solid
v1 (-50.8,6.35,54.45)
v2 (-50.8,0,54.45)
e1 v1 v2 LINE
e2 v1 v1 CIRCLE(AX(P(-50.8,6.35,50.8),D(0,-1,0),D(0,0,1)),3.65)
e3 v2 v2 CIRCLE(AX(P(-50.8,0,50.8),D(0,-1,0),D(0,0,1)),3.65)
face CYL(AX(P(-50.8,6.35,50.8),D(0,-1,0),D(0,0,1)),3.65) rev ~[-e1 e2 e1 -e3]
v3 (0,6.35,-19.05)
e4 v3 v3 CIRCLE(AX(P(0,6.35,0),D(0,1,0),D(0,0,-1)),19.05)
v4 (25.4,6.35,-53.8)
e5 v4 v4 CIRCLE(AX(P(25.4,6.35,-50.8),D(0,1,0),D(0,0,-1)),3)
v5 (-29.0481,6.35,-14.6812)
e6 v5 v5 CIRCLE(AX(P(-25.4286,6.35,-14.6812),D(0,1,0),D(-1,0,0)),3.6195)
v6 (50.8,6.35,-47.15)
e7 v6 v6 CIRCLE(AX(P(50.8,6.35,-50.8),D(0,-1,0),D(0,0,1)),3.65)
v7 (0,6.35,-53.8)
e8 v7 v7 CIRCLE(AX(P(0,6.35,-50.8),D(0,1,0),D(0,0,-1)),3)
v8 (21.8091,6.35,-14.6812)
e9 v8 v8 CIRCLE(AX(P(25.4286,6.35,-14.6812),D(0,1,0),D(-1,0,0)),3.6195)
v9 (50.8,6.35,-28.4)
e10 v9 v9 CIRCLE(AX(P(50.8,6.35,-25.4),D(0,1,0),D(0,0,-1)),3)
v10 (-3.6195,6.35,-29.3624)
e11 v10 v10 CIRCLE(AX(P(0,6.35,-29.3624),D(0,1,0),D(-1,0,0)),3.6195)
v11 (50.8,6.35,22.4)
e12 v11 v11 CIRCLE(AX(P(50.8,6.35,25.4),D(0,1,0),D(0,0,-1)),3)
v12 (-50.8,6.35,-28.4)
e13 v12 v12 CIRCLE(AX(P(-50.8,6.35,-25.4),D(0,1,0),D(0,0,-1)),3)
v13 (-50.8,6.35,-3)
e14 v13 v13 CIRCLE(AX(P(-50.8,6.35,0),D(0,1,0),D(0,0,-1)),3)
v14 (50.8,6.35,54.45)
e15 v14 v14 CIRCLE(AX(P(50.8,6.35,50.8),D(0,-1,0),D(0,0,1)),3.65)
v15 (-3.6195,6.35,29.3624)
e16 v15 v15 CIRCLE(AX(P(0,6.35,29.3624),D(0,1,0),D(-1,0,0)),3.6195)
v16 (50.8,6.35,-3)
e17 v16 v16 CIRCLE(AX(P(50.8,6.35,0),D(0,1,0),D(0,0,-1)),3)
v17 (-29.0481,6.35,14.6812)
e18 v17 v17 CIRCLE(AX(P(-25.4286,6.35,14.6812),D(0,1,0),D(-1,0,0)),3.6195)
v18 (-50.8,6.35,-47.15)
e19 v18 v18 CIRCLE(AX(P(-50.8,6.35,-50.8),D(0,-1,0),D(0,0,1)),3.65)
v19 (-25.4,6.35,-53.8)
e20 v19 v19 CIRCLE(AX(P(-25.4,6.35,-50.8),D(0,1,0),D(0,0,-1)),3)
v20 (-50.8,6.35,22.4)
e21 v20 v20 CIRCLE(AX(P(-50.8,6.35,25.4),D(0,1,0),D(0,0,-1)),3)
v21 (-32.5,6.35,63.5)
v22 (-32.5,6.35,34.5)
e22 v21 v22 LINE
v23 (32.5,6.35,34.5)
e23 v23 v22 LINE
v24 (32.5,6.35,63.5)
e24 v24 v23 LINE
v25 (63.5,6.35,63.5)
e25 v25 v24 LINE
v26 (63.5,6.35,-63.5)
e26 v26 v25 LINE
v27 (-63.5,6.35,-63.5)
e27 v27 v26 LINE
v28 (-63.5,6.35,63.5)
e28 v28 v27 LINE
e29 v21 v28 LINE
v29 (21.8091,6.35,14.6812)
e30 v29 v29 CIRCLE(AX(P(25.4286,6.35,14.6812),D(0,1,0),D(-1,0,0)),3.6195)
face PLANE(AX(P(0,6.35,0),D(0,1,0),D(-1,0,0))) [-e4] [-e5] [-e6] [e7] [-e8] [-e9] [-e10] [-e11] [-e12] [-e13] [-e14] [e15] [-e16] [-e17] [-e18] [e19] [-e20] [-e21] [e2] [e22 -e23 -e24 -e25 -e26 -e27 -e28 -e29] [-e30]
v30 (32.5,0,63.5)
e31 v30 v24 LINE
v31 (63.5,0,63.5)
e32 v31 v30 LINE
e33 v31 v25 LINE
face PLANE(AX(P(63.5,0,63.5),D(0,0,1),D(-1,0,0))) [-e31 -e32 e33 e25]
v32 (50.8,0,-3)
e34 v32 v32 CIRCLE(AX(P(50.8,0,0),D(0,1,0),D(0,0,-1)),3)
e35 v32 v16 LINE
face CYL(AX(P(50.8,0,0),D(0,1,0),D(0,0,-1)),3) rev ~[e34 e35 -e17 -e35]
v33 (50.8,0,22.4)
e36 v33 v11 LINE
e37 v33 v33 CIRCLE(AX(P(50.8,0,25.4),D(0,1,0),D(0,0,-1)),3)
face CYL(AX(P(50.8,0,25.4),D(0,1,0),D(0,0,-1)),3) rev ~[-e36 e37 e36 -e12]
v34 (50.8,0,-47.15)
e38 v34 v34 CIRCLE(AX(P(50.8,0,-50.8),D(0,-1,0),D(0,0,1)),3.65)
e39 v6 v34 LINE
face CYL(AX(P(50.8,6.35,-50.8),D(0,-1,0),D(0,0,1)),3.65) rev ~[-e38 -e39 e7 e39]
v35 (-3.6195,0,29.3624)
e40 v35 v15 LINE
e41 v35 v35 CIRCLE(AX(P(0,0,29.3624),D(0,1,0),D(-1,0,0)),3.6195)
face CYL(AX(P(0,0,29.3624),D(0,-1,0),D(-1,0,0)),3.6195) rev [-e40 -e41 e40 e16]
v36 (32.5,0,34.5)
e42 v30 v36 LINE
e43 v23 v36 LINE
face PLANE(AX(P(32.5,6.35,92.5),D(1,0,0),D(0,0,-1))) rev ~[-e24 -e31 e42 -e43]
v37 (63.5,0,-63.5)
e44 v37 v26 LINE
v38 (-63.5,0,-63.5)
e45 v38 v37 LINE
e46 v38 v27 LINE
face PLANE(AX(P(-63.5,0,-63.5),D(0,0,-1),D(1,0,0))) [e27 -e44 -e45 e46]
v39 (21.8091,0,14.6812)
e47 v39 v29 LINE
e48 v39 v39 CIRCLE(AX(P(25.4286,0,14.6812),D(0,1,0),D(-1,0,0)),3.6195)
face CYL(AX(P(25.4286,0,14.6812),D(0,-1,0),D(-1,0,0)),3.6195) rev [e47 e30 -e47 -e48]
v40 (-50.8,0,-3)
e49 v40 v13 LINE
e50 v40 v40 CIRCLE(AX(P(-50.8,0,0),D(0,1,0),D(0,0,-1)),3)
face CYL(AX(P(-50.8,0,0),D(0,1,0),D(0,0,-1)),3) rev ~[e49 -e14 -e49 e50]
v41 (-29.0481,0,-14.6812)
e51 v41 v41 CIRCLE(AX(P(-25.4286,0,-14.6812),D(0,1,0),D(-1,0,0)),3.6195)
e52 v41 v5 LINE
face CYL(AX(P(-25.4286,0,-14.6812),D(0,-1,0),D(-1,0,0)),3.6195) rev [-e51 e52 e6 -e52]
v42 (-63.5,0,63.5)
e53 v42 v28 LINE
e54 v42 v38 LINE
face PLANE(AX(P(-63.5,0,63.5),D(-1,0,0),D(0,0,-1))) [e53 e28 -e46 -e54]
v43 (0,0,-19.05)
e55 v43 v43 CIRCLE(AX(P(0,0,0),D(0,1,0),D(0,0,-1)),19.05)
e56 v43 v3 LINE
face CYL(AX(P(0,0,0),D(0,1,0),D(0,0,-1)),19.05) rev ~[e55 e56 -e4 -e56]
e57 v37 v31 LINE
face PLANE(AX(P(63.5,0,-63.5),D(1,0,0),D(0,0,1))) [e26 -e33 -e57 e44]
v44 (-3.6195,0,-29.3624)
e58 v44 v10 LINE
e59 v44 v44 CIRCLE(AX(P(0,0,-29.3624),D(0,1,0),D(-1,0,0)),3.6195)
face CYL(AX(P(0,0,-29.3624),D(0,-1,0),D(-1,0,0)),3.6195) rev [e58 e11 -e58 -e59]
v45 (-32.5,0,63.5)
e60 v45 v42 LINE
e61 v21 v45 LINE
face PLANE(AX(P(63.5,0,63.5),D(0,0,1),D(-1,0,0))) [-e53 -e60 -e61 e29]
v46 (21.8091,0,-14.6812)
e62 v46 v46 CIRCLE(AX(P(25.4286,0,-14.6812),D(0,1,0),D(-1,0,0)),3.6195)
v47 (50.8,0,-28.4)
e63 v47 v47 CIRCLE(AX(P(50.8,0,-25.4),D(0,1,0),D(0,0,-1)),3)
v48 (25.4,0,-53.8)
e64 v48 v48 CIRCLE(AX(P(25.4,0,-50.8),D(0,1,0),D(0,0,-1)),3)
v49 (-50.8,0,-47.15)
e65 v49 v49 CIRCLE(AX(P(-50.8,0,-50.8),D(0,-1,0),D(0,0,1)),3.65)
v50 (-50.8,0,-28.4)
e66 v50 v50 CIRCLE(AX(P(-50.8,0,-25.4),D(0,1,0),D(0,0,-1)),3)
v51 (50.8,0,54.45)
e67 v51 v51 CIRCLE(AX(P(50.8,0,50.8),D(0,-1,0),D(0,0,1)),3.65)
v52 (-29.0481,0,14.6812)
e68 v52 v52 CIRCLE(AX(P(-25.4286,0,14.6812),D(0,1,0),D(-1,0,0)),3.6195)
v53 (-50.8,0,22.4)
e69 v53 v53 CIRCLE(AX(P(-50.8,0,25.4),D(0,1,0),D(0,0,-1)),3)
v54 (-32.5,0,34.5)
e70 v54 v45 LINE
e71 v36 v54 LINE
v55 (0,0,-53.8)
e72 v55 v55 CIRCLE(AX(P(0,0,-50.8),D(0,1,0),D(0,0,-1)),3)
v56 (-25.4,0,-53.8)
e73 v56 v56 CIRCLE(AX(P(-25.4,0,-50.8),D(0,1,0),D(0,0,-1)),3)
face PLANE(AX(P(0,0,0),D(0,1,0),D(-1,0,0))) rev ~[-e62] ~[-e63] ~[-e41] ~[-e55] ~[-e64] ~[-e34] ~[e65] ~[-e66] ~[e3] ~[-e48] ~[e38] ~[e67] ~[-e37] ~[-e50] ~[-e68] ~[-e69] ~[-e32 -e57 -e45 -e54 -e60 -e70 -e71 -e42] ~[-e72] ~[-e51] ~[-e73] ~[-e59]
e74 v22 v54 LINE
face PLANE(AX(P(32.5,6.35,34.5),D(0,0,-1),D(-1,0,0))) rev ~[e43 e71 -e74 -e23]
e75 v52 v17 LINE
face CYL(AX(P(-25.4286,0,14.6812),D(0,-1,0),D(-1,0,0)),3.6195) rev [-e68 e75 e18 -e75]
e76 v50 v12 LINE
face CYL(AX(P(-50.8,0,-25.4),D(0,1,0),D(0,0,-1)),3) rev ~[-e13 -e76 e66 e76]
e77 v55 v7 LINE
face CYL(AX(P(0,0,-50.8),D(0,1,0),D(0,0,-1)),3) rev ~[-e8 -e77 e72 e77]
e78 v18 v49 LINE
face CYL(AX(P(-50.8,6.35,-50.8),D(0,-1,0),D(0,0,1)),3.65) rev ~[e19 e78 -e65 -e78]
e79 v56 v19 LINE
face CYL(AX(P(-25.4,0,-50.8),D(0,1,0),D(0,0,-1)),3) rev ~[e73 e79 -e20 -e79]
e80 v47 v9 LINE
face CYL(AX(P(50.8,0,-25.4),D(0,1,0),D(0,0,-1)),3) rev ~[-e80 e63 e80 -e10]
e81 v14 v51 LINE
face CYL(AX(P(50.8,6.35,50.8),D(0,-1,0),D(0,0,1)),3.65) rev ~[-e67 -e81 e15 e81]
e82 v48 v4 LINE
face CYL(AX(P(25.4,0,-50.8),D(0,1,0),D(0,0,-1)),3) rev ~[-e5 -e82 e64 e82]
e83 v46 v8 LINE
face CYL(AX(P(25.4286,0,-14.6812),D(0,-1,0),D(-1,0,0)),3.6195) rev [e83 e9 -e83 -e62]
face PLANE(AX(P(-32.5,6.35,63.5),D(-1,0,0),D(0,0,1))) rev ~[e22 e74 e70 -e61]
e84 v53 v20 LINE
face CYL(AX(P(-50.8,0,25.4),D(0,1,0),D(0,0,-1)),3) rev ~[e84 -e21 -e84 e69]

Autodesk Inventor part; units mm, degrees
ref_plane "YZ Plane" through (0, 0, 0) normal (1, 0, 0) x (0, 1, 0)
ref_plane "XZ Plane" through (0, 0, 0) normal (0, 1, 0) x (-1, 0, 0)
ref_plane "XY Plane" through (0, 0, 0) normal (0, 0, 1) x (1, 0, 0)
sketch "Sketch3" plane through (0, 0, 0) normal (0, 1, 0) x (-1, 0, 0)
  circle A0 centre (0, 29.3624) radius 3.6195
  circle A1 centre (0, 29.3624) radius 3.6195
  circle A2 centre (25.4286, 14.6812) radius 3.6195
  circle A3 centre (-25.4286, 14.6812) radius 3.6195
  circle A4 centre (-25.4286, -14.6812) radius 3.6195
  circle A5 centre (0, -29.3624) radius 3.6195
  circle A6 centre (25.4286, -14.6812) radius 3.6195
  circle A7 centre (-25.4286, 14.6812) radius 3.6195
  circle A8 centre (-25.4286, -14.6812) radius 3.6195
  circle A9 centre (0, -29.3624) radius 3.6195
  circle A10 centre (25.4286, -14.6812) radius 3.6195
  circle A11 centre (25.4286, 14.6812) radius 3.6195
  line L0 (-63.5, 63.5) -> (63.5, 63.5)
  line L1 (63.5, 63.5) -> (63.5, -63.5)
  line L2 (63.5, -63.5) -> (-63.5, -63.5)
  line L3 (-63.5, -63.5) -> (-63.5, 63.5)
  line L4 (-63.5, 63.5) -> (63.5, -63.5) construction
  line L5 (63.5, 63.5) -> (-63.5, -63.5) construction
  point P0 (0, 0)
  dimension "d104" = 127
  dimension "d105" = 127
extrude "Extrusion1" add sketch "Sketch3" along normal blind 6.35
sketch "Sketch4" plane through (0, 0, 0) normal (0, -1, 0) x (1, 0, 0)
  circle A0 centre (-50.8, -50.8) radius 3
  line L0 (-63.5, -63.5) -> (-63.5, 63.5) projected
  line L1 (63.5, -63.5) -> (-63.5, -63.5) projected
  circle A1 centre (50.8, -50.8) radius 3
  line L2 (63.5, 63.5) -> (63.5, -63.5) projected
  circle A2 centre (50.8, 50.8) radius 3
  line L3 (-63.5, 63.5) -> (63.5, 63.5) projected
  circle A3 centre (-50.8, 50.8) radius 3
  point P0 (0, 0)
  dimension "d106" = 6
  dimension "d107" = 12.7
  dimension "d108" = 12.7
  dimension "d109" = 6
  dimension "d110" = 12.7
  dimension "d111" = 12.7
  dimension "d112" = 6
  dimension "d113" = 12.7
  dimension "d114" = 12.7
  dimension "d115" = 6
  dimension "d116" = 12.7
  dimension "d117" = 12.7
hole "Hole6" at (-50.8, 0, 50.8) direction (0, 1, 0) diameter 6 end through all
hole "Hole7" at (50.8, 0, 50.8) direction (0, 1, 0) diameter 6 end through all
hole "Hole8" at (50.8, 0, -50.8) direction (0, 1, 0) diameter 6 end through all
hole "Hole9" at (-50.8, 0, -50.8) direction (0, 1, 0) diameter 6 end through all
hole "Hole10" at (0, 0, 0) direction (0, 1, 0) diameter 38.1 end through all
pattern_linear "Rectangular Pattern5" count 4 spacing 25.4 along (0, 0, -1) of "Hole6"
pattern_linear "Rectangular Pattern6" count 4 spacing 25.4 along (1, 0, 0) of "Hole6"
pattern_linear "Rectangular Pattern7" count 4 spacing 25.4 along (0, 0, -1) of "Hole7"
pattern_linear "Rectangular Pattern8" count 4 spacing 25.4 along (-1, 0, 0) of "Hole8"
thread "Thread21" size "1/4-20 UNC" class "2B" standard "ANSI Unified Screw Threads" full length
thread "Thread22" size "1/4-20 UNC" class "2B" standard "ANSI Unified Screw Threads" full length
thread "Thread23" size "1/4-20 UNC" class "2B" standard "ANSI Unified Screw Threads" full length
thread "Thread24" size "1/4-20 UNC" class "2B" standard "ANSI Unified Screw Threads" full length
thread "Thread25" size "1/4-20 UNC" class "2B" standard "ANSI Unified Screw Threads" full length
thread "Thread26" size "1/4-20 UNC" class "2B" standard "ANSI Unified Screw Threads" full length
thread "Thread27" size "1/4-20 UNC" class "2B" standard "ANSI Unified Screw Threads" full length
thread "Thread28" size "1/4-20 UNC" class "2B" standard "ANSI Unified Screw Threads" full length
thread "Thread29" size "1/4-20 UNC" class "2B" standard "ANSI Unified Screw Threads" full length
thread "Thread30" size "1/4-20 UNC" class "2B" standard "ANSI Unified Screw Threads" full length
thread "Thread31" size "1/4-20 UNC" class "2B" standard "ANSI Unified Screw Threads" full length
thread "Thread32" size "1/4-20 UNC" class "2B" standard "ANSI Unified Screw Threads" full length
sketch "Sketch6" plane through (0, 6.35, 0) normal (0, 1, 0) x (1, 0, 0)
  line L0 (-32.5, -92.5) -> (32.5, -92.5)
  line L1 (32.5, -92.5) -> (32.5, -34.5)
  line L2 (32.5, -34.5) -> (-32.5, -34.5)
  line L3 (-32.5, -34.5) -> (-32.5, -92.5)
  line L4 (-63.5, -63.5) -> (63.5, -63.5) projected
  line L5 (-32.5, -92.5) -> (32.5, -34.5) construction
  line L6 (32.5, -92.5) -> (-32.5, -34.5) construction
  point P0 (0, 0)
  point P1 (0, -63.5)
  dimension "d189" = 65
  dimension "d232" = 58
extrude "Extrusion2" cut sketch "Sketch6" against normal blind 25.4
sketch "Sketch7" plane through (0, 6.35, 0) normal (0, 1, 0) x (1, 0, 0)
  circle A0 centre (-50.8, -50.8) radius 3
  line L0 (-63.5, -63.5) -> (-63.5, 63.5)
  line L1 (63.5, -63.5) -> (-63.5, -63.5)
  circle A1 centre (50.8, -50.8) radius 3
  line L2 (63.5, 63.5) -> (63.5, -63.5)
  circle A2 centre (50.8, 50.8) radius 3
  line L3 (-63.5, 63.5) -> (63.5, 63.5)
  circle A3 centre (-50.8, 50.8) radius 3
  point P0 (0, 0)
  point P1 (0, 0)
  dimension "d192" = 6
  dimension "d193" = 12.7
  dimension "d194" = 12.7
  dimension "d195" = 6
  dimension "d196" = 12.7
  dimension "d197" = 12.7
  dimension "d198" = 6
  dimension "d199" = 12.7
  dimension "d200" = 12.7
  dimension "d201" = 6
  dimension "d202" = 12.7
  dimension "d203" = 12.7
hole "Hole11" at (-50.8, 6.35, -50.8) direction (0, -1, 0) diameter 7.3 end through all
hole "Hole12" at (50.8, 6.35, -50.8) direction (0, -1, 0) diameter 7.3 end through all
hole "Hole13" at (50.8, 6.35, 50.8) direction (0, -1, 0) diameter 7.3 end through all
hole "Hole14" at (-50.8, 6.35, 50.8) direction (0, -1, 0) diameter 7.3 end through all
properties part number "basenueva(5x5)"
